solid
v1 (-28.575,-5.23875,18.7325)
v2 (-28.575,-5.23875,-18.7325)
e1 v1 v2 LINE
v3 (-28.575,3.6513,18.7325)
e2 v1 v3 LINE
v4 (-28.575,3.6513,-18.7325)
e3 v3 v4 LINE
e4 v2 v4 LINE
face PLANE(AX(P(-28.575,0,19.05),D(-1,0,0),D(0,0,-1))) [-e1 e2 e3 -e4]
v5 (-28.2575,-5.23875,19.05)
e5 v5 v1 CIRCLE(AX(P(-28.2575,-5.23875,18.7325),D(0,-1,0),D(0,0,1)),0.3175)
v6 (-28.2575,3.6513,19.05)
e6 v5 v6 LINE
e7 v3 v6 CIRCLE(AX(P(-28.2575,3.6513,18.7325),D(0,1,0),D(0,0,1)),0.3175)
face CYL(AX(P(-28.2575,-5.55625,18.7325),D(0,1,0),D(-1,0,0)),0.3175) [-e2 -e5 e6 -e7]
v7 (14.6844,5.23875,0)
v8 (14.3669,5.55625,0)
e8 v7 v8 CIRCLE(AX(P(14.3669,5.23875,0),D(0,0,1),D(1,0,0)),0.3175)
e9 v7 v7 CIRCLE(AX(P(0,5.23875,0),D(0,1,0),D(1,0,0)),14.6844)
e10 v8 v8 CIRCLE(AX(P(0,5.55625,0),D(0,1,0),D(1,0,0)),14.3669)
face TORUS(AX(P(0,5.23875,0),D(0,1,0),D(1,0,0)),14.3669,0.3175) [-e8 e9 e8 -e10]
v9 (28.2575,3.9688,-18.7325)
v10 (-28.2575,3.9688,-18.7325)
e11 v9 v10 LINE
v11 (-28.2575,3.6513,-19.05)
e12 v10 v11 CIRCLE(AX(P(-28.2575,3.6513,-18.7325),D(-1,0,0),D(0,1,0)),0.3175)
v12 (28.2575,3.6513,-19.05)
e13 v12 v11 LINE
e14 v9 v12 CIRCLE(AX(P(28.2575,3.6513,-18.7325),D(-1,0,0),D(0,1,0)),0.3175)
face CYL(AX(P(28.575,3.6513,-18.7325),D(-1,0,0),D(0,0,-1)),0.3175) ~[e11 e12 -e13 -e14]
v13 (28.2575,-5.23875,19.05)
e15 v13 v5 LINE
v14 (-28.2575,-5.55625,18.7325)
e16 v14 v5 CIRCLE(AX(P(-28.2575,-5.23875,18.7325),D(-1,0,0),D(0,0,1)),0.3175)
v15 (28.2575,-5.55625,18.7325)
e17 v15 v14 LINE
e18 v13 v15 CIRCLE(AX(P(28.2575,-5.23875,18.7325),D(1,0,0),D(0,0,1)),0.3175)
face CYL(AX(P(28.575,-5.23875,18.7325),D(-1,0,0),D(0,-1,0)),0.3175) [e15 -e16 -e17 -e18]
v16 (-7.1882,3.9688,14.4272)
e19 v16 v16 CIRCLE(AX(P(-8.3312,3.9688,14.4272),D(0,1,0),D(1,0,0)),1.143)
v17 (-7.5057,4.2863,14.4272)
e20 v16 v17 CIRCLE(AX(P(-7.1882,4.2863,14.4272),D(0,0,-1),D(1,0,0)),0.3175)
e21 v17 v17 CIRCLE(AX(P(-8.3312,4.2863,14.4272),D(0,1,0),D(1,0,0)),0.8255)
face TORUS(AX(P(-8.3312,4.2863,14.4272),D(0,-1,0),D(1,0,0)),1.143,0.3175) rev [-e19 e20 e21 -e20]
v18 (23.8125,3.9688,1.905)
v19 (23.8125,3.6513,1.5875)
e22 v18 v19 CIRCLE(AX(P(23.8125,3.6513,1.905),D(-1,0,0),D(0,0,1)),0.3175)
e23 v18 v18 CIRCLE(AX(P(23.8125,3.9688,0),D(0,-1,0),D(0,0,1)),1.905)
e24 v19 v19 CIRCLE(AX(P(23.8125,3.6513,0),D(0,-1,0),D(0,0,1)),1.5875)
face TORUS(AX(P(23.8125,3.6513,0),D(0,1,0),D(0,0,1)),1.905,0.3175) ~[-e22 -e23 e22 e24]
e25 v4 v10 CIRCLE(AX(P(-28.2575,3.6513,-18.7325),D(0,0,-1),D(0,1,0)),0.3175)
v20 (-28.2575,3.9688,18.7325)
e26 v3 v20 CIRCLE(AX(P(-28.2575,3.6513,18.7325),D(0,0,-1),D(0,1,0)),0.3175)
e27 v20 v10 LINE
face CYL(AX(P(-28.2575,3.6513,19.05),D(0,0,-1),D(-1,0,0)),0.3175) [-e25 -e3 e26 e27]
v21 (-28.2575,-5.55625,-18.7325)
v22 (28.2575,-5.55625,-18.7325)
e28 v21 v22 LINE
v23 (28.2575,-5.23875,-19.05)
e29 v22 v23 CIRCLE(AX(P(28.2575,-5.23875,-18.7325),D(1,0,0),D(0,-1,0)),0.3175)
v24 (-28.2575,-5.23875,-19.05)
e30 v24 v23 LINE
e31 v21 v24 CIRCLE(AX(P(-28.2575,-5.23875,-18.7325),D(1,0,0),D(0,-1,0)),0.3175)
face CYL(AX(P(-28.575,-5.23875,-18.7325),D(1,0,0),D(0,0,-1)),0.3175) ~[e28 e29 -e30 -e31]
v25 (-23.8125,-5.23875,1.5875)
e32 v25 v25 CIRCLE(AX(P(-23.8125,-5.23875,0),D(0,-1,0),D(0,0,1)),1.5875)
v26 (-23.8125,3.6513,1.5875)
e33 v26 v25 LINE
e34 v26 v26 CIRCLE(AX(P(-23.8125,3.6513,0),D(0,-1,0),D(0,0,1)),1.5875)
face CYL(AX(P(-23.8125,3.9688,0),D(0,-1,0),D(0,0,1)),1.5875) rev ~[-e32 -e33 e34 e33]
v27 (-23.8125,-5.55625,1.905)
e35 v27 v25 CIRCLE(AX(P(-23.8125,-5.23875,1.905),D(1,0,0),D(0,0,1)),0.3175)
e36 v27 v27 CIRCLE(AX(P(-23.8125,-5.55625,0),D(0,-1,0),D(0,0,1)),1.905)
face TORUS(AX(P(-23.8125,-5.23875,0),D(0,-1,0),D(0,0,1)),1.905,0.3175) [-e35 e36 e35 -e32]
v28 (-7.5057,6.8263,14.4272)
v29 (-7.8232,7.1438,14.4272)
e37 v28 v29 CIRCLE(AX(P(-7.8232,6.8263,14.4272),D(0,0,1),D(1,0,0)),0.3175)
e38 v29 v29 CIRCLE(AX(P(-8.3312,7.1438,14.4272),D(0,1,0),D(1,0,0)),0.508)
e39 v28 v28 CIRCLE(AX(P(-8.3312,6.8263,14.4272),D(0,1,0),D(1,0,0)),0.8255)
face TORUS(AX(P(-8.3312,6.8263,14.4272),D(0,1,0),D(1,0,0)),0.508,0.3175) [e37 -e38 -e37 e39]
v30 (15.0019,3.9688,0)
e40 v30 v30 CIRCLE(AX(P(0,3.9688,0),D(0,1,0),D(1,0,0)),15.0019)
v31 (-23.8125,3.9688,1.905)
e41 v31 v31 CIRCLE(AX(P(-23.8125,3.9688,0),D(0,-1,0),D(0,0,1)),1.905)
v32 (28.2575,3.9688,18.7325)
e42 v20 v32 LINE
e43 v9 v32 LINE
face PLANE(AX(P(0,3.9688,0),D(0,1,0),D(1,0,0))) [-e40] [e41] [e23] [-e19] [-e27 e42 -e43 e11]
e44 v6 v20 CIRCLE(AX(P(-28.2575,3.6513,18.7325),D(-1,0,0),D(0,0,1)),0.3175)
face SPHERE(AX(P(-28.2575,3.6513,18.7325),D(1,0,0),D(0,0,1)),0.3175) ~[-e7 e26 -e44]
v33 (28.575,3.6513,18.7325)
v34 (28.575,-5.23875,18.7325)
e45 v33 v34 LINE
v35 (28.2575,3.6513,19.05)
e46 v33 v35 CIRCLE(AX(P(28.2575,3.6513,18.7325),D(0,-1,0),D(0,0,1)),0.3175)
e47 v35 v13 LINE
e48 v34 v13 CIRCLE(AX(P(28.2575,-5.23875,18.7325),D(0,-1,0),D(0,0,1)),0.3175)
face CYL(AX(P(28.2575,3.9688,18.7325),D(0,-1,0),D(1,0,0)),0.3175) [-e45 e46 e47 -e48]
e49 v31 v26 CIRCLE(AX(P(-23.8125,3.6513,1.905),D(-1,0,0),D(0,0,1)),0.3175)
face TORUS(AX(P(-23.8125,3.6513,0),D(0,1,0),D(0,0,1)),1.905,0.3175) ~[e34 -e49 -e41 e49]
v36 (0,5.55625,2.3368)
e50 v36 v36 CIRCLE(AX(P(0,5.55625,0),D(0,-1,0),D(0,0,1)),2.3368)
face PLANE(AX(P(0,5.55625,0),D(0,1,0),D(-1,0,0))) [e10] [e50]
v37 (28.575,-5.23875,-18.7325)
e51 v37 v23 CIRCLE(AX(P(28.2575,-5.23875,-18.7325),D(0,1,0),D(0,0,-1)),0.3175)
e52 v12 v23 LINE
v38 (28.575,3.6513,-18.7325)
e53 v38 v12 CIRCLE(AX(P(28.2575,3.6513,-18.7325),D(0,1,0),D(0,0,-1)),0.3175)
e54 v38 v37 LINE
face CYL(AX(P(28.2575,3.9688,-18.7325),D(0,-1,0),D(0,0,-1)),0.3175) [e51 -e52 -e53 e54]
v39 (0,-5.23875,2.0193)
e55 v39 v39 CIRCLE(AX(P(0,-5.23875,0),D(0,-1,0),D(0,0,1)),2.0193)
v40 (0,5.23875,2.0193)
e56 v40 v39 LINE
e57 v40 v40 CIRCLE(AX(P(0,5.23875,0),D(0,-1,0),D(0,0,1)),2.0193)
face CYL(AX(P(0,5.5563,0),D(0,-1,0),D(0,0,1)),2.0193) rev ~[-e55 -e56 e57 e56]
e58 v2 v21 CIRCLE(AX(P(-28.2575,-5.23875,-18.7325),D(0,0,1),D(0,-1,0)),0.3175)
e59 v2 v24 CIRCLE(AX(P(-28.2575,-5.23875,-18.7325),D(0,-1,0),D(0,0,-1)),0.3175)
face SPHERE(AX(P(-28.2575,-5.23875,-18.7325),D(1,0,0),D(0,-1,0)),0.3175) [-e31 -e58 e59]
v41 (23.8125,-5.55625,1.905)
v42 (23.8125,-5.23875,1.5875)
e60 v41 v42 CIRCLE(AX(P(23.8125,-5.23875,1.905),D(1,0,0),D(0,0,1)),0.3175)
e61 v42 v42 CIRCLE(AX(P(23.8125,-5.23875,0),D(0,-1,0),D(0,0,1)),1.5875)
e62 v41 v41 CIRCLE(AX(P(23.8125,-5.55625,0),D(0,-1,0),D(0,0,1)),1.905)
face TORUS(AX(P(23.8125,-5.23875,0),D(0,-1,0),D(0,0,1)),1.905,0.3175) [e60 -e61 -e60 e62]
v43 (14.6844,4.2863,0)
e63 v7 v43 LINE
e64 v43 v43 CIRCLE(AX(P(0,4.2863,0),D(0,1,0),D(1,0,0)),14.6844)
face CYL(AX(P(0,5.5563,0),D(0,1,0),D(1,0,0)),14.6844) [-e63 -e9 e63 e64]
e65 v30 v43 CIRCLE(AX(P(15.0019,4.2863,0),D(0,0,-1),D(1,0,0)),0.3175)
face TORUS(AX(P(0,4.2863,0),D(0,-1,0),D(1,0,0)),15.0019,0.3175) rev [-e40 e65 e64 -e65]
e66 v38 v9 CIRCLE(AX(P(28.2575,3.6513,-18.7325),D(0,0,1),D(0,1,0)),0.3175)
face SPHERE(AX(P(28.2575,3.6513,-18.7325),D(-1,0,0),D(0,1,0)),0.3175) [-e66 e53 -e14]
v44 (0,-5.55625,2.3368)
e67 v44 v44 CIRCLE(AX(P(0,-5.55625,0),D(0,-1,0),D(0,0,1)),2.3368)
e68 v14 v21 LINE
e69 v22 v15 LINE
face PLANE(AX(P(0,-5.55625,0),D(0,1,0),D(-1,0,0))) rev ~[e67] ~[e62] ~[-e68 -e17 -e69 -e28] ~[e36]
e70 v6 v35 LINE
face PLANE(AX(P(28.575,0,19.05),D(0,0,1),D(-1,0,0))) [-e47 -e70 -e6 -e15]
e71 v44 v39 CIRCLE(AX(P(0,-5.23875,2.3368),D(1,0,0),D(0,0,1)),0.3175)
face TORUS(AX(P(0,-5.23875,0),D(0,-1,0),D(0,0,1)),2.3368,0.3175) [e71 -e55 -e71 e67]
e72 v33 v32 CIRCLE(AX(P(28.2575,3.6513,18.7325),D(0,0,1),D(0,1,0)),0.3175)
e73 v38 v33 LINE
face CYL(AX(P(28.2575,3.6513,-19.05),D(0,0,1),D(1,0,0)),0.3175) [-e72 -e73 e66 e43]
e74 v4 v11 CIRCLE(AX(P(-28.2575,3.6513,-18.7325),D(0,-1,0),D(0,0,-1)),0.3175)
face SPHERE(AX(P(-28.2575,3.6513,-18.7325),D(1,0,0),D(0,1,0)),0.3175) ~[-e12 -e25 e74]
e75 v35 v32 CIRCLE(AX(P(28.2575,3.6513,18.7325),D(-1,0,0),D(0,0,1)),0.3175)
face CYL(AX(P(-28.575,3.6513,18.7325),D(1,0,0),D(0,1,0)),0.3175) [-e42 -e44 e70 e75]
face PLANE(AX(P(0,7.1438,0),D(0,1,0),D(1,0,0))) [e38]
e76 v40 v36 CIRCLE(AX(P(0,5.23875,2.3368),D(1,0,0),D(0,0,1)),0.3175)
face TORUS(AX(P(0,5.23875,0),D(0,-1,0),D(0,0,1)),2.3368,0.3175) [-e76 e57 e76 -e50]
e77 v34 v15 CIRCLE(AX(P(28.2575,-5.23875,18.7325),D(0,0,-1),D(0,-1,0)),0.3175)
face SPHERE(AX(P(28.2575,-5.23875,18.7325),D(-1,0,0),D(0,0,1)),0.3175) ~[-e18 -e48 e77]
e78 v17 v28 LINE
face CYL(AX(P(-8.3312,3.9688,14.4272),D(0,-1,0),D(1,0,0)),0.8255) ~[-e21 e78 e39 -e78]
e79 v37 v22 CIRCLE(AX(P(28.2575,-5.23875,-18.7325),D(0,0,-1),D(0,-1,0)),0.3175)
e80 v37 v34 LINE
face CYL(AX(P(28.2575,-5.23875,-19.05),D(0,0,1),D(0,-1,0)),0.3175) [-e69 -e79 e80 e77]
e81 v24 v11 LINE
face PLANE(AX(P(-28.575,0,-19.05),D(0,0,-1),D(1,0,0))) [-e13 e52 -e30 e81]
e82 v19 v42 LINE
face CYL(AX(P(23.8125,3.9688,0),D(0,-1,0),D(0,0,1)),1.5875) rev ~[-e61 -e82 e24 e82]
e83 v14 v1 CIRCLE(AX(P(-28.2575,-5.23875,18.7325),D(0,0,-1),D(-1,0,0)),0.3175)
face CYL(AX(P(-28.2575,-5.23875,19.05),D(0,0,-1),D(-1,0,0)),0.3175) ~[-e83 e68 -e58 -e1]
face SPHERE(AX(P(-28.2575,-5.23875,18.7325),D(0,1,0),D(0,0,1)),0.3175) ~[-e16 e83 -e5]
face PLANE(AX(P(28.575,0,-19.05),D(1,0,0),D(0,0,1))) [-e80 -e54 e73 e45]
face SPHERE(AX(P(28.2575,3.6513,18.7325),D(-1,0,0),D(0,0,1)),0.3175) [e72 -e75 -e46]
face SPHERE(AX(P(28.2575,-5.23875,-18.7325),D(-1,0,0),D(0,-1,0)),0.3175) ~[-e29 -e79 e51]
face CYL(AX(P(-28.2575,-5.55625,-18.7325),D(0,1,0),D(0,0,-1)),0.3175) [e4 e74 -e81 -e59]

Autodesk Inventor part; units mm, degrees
ref_plane "YZ Plane" through (0, 0, 0) normal (1, 0, 0) x (0, 1, 0)
ref_plane "XZ Plane" through (0, 0, 0) normal (0, 1, 0) x (-1, 0, 0)
ref_plane "XY Plane" through (0, 0, 0) normal (0, 0, 1) x (1, 0, 0)
sketch "Sketch1" plane through (0, 0, 0) normal (0, 1, 0) x (-1, 0, 0)
  line L0 (28.575, -19.05) -> (-28.575, -19.05)
  line L1 (-28.575, -19.05) -> (-28.575, 19.05)
  line L2 (-28.575, 19.05) -> (28.575, 19.05)
  line L3 (28.575, 19.05) -> (28.575, -19.05)
  point P0 (0, 0)
  dimension "d0" = 57.15
  dimension "d1" = 38.1
  dimension "d2" = 19.05
  dimension "d3" = 28.575
extrude "Extrusion1" add sketch "Sketch1" along normal mid plane 11.1125
sketch "Sketch2" plane through (0, 5.5563, 0) normal (0, 1, 0) x (1, 0, 0)
  circle A0 centre (0, 0) radius 14.6844
  line L0 (28.575, 19.05) -> (-28.575, 19.05) projected
  line L1 (-28.575, -19.05) -> (28.575, -19.05) projected
  line L2 (-28.575, 19.05) -> (28.575, 19.05)
  line L3 (28.575, 19.05) -> (28.575, -19.05)
  line L4 (28.575, -19.05) -> (-28.575, -19.05)
  line L5 (-28.575, -19.05) -> (-28.575, 19.05)
  dimension "d6" = 29.3687
extrude "Extrusion2" cut sketch "Sketch2" against normal blind 1.5875
sketch "Sketch3" plane through (0, 3.9688, 0) normal (0, 1, 0) x (1, 0, 0)
  line L0 (28.575, -19.05) -> (-28.575, -19.05) projected
  line L1 (-28.575, -19.05) -> (-28.575, 19.05) projected
  line L2 (28.575, 19.05) -> (28.575, -19.05) projected
  point P0 (0, 0)
  point P1 (-23.8125, 0)
  point P2 (23.8125, 0)
  dimension "d10" = 19.05
  dimension "d11" = 0
  dimension "d12" = 4.7625
  dimension "d13" = 4.7625
hole "Hole1" at (-23.8125, 3.9688, 0) at (23.8125, 3.9688, 0) direction (0, -1, 0) diameter 3.175 depth 25.4 tip angle 118
sketch "Sketch4" plane through (0, 5.5563, 0) normal (0, 1, 0) x (1, 0, 0)
  point P0 (0, 0)
  point P1 (0, 0)
hole "Hole2" at (0, 5.5563, 0) direction (0, -1, 0) diameter 4.0386 depth 25.4 tip angle 118
thread "Thread1" size "10-32 UNF" class "2B" standard "ANSI Unified Screw Threads" full length
sketch "Sketch6" plane through (0, 3.9688, 0) normal (0, 1, 0) x (1, 0, 0)
  circle A0 centre (-8.3312, -14.4272) radius 0.8255
  point P0 (0, 0)
  dimension "d33" = 1.651
  dimension "d34" = 14.4272
  dimension "d35" = 8.3312
extrude "Extrusion3" add sketch "Sketch6" along normal blind 3.175
fillet "Fillet1" radius 0.3175 22 edges at (0, 3.9688, 19.05) (-28.575, -0.7938, 19.05) (0, -5.5563, 19.05) (28.575, -0.7937, 19.05) (0, 3.9688, -19.05) (-28.575, 3.9688, 0) (28.575, 3.9688, 0) (0, -5.5563, -19.05) (28.575, -5.5563, 0) (-28.575, -5.5563, 0) (28.575, -0.7937, -19.05) (-28.575, -0.7938, -19.05) (-23.8125, 3.9688, -1.5875) (23.8125, 3.9688, -1.5875) (0, 5.5563, -2.0193) (-14.6844, 3.9688, 0) (-14.6844, 5.5563, 0) (-9.1567, 7.1438, 14.4272) (0, -5.5563, -2.0193) (23.8125, -5.5563, -1.5875) (-23.8125, -5.5563, -1.5875) (-9.1567, 3.9688, 14.4272)
properties part number "turningfixture" material "Iron, Cast"
